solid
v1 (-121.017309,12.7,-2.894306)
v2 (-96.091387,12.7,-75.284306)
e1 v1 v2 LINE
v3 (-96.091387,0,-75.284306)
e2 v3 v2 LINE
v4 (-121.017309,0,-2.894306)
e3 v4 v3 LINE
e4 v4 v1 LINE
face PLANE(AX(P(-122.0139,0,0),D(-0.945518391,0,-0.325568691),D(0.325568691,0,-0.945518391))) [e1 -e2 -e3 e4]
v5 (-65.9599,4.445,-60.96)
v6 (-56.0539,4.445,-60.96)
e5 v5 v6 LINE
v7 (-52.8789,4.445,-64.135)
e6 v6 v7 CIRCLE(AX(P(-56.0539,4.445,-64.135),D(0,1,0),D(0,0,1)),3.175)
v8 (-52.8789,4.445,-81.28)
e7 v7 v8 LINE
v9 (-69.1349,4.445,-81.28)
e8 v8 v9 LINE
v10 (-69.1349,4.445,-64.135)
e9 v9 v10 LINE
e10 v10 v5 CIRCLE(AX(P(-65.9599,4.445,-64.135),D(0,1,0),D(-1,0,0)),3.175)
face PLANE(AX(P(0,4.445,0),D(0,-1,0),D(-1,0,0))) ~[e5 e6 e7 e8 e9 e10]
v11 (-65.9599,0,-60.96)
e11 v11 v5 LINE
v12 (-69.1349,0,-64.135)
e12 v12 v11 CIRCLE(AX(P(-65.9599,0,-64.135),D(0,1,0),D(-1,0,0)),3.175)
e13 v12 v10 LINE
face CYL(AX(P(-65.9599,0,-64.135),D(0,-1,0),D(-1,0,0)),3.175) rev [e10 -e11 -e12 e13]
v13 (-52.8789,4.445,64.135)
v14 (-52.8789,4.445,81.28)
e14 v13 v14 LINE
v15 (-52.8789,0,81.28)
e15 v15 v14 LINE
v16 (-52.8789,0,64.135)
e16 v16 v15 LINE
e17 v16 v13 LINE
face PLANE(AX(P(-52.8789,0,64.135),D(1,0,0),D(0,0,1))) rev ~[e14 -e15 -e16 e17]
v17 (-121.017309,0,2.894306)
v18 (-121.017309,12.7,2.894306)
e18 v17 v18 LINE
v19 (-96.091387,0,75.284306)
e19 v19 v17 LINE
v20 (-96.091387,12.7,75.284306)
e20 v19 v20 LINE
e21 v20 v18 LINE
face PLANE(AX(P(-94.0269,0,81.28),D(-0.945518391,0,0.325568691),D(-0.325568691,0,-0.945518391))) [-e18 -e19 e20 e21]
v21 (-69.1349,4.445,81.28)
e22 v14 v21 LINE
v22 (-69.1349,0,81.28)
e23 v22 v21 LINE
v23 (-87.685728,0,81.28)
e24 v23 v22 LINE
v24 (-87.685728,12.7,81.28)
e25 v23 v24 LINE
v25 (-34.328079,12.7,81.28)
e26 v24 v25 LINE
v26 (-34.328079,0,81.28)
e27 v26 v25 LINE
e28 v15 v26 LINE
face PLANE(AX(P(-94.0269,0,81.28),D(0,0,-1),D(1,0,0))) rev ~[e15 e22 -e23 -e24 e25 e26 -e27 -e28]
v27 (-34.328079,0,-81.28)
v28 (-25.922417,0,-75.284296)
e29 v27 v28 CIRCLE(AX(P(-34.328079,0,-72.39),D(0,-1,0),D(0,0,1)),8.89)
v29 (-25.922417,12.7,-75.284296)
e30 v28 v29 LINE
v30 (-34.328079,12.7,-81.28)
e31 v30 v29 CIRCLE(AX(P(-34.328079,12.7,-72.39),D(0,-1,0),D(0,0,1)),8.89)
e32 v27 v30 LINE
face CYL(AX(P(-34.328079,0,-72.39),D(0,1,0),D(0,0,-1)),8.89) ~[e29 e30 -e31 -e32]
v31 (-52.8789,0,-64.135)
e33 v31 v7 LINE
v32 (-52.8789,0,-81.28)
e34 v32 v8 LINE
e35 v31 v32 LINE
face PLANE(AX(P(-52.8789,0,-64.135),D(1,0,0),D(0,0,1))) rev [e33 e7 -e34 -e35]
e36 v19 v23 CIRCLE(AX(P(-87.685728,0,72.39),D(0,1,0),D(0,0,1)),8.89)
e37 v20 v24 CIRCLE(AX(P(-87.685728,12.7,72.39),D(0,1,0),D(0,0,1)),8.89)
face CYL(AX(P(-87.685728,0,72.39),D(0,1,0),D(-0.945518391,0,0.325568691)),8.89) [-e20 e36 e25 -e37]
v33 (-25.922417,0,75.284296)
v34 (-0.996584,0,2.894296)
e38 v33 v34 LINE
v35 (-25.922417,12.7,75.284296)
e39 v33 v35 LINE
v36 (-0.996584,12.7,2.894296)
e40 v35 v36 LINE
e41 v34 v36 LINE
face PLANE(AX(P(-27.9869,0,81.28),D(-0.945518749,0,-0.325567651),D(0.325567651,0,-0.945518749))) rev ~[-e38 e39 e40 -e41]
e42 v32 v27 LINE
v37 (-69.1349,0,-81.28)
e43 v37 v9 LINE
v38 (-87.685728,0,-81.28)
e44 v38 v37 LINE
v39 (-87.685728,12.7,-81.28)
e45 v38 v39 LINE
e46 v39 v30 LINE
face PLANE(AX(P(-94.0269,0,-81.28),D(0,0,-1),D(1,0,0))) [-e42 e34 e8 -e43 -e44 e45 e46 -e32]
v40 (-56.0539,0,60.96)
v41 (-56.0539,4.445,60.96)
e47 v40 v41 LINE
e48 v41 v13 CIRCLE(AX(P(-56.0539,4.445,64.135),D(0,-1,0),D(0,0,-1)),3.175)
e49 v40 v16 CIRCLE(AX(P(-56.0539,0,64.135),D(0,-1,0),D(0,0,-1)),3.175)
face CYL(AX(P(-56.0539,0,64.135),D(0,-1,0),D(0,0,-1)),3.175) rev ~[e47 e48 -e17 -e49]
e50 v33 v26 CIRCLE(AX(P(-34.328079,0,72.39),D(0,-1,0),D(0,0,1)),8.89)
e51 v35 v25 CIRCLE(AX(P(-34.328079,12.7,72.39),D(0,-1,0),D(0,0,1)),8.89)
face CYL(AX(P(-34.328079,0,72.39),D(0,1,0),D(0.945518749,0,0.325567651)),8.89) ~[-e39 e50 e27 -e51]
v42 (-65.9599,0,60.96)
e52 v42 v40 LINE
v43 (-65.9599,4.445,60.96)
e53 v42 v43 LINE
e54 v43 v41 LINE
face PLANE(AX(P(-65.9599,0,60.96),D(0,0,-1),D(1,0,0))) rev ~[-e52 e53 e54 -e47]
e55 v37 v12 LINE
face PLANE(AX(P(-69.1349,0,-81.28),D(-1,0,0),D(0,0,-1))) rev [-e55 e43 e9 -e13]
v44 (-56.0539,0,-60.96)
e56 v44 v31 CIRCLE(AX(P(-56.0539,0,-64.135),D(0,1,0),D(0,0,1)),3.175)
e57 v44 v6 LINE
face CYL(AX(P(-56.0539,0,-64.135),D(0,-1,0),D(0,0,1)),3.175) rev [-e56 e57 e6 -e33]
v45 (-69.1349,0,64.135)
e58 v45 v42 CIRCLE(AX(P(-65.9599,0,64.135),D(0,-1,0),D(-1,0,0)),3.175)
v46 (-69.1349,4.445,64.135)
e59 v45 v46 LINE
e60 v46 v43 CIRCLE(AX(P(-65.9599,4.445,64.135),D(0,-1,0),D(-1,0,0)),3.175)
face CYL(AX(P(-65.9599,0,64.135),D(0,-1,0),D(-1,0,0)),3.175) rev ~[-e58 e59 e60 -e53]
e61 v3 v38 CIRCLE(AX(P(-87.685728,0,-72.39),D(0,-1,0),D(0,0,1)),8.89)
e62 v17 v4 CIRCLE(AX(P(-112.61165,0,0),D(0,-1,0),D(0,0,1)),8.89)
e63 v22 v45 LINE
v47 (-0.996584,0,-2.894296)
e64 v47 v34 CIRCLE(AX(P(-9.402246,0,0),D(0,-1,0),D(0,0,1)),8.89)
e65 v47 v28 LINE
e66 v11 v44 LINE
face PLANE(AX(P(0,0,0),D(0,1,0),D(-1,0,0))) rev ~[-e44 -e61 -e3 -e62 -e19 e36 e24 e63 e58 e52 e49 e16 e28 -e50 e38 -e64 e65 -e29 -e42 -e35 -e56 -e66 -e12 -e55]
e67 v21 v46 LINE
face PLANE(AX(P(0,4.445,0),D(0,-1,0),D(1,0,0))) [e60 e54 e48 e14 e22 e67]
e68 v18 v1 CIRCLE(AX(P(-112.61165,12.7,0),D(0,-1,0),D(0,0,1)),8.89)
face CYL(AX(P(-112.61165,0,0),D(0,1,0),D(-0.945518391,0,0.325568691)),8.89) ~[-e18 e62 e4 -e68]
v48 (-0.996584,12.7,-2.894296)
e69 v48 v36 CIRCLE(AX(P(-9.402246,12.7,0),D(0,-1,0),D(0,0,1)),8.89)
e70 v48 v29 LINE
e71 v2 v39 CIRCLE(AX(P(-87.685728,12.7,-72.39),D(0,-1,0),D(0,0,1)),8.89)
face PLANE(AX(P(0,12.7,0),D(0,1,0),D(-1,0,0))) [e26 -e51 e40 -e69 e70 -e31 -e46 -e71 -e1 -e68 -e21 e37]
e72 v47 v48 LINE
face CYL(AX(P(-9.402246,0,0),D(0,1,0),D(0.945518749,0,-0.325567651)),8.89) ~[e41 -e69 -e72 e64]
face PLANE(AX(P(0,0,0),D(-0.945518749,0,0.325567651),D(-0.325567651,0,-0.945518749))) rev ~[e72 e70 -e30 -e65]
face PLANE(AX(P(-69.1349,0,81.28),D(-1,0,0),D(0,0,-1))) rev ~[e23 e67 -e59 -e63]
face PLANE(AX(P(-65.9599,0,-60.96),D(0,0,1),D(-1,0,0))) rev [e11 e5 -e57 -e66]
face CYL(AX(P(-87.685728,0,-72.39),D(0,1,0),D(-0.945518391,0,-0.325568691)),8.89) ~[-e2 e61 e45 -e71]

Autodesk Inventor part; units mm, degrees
ref_plane "YZ Plane" through (0, 0, 0) normal (1, 0, 0) x (0, 1, 0)
ref_plane "XZ Plane" through (0, 0, 0) normal (0, 1, 0) x (-1, 0, 0)
ref_plane "XY Plane" through (0, 0, 0) normal (0, 0, 1) x (1, 0, 0)
sketch "Sketch1" plane through (0, 0, 0) normal (0, 1, 0) x (-1, 0, 0)
  line L0 (94.0269, 81.28) -> (27.9869, 81.28)
  line L1 (94.0269, -81.28) -> (27.9869, -81.28)
  line L2 (94.0269, 81.28) -> (122.0139, 0)
  line L3 (94.0269, 81.28) -> (179.9904, 81.28) construction
  line L4 (122.0139, 0) -> (94.0269, -81.28)
  line L5 (27.9869, 81.28) -> (0, 0)
  line L6 (27.9869, 81.28) -> (113.9504, 81.28) construction
  line L7 (0, 0) -> (27.9869, -81.28)
  dimension "d6" = 66.04
  dimension "d7" = 162.56
  dimension "d8" = 71
  dimension "d9" = 109
  dimension "d10" = 109
extrude "Extrusion1" add sketch "Sketch1" along normal blind 12.7
fillet "Fillet1" radius 8.89 6 edges at (-27.9869, 6.35, 81.28) (-94.0269, 6.35, 81.28) (0, 6.35, 0) (-27.9869, 6.35, -81.28) (-122.0139, 6.35, 0) (-94.0269, 6.35, -81.28)
sketch "Sketch4" plane through (0, 0, 0) normal (0, -1, 0) x (1, 0, 0)
  line L0 (-52.8789, 81.28) -> (-69.1349, 81.28)
  line L1 (-69.1349, 81.28) -> (-69.1349, 64.135)
  line L2 (-65.9599, 60.96) -> (-56.0539, 60.96)
  line L3 (-52.8789, 64.135) -> (-52.8789, 81.28)
  line L4 (-87.6858, 81.28) -> (-34.3281, 81.28) projected
  arc A0 (-56.0539, 60.96) -> (-52.8789, 64.135) centre (-56.0539, 64.135) ccw
  arc A1 (-69.1349, 64.135) -> (-65.9599, 60.96) centre (-65.9599, 64.135) ccw
  point P0 (0, 0)
  point P1 (-69.1349, 60.96)
  point P2 (-52.8789, 60.96)
  point P3 (-61.0069, 81.28)
  dimension "d28" = 16.256
  dimension "d29" = 20.32
  dimension "d32" = 3.175
extrude "Extrusion4" cut sketch "Sketch4" against normal blind 4.445
mirror "Mirror2" about plane through (0, 0, 0) normal (0, 0, 1) of "Extrusion4"
